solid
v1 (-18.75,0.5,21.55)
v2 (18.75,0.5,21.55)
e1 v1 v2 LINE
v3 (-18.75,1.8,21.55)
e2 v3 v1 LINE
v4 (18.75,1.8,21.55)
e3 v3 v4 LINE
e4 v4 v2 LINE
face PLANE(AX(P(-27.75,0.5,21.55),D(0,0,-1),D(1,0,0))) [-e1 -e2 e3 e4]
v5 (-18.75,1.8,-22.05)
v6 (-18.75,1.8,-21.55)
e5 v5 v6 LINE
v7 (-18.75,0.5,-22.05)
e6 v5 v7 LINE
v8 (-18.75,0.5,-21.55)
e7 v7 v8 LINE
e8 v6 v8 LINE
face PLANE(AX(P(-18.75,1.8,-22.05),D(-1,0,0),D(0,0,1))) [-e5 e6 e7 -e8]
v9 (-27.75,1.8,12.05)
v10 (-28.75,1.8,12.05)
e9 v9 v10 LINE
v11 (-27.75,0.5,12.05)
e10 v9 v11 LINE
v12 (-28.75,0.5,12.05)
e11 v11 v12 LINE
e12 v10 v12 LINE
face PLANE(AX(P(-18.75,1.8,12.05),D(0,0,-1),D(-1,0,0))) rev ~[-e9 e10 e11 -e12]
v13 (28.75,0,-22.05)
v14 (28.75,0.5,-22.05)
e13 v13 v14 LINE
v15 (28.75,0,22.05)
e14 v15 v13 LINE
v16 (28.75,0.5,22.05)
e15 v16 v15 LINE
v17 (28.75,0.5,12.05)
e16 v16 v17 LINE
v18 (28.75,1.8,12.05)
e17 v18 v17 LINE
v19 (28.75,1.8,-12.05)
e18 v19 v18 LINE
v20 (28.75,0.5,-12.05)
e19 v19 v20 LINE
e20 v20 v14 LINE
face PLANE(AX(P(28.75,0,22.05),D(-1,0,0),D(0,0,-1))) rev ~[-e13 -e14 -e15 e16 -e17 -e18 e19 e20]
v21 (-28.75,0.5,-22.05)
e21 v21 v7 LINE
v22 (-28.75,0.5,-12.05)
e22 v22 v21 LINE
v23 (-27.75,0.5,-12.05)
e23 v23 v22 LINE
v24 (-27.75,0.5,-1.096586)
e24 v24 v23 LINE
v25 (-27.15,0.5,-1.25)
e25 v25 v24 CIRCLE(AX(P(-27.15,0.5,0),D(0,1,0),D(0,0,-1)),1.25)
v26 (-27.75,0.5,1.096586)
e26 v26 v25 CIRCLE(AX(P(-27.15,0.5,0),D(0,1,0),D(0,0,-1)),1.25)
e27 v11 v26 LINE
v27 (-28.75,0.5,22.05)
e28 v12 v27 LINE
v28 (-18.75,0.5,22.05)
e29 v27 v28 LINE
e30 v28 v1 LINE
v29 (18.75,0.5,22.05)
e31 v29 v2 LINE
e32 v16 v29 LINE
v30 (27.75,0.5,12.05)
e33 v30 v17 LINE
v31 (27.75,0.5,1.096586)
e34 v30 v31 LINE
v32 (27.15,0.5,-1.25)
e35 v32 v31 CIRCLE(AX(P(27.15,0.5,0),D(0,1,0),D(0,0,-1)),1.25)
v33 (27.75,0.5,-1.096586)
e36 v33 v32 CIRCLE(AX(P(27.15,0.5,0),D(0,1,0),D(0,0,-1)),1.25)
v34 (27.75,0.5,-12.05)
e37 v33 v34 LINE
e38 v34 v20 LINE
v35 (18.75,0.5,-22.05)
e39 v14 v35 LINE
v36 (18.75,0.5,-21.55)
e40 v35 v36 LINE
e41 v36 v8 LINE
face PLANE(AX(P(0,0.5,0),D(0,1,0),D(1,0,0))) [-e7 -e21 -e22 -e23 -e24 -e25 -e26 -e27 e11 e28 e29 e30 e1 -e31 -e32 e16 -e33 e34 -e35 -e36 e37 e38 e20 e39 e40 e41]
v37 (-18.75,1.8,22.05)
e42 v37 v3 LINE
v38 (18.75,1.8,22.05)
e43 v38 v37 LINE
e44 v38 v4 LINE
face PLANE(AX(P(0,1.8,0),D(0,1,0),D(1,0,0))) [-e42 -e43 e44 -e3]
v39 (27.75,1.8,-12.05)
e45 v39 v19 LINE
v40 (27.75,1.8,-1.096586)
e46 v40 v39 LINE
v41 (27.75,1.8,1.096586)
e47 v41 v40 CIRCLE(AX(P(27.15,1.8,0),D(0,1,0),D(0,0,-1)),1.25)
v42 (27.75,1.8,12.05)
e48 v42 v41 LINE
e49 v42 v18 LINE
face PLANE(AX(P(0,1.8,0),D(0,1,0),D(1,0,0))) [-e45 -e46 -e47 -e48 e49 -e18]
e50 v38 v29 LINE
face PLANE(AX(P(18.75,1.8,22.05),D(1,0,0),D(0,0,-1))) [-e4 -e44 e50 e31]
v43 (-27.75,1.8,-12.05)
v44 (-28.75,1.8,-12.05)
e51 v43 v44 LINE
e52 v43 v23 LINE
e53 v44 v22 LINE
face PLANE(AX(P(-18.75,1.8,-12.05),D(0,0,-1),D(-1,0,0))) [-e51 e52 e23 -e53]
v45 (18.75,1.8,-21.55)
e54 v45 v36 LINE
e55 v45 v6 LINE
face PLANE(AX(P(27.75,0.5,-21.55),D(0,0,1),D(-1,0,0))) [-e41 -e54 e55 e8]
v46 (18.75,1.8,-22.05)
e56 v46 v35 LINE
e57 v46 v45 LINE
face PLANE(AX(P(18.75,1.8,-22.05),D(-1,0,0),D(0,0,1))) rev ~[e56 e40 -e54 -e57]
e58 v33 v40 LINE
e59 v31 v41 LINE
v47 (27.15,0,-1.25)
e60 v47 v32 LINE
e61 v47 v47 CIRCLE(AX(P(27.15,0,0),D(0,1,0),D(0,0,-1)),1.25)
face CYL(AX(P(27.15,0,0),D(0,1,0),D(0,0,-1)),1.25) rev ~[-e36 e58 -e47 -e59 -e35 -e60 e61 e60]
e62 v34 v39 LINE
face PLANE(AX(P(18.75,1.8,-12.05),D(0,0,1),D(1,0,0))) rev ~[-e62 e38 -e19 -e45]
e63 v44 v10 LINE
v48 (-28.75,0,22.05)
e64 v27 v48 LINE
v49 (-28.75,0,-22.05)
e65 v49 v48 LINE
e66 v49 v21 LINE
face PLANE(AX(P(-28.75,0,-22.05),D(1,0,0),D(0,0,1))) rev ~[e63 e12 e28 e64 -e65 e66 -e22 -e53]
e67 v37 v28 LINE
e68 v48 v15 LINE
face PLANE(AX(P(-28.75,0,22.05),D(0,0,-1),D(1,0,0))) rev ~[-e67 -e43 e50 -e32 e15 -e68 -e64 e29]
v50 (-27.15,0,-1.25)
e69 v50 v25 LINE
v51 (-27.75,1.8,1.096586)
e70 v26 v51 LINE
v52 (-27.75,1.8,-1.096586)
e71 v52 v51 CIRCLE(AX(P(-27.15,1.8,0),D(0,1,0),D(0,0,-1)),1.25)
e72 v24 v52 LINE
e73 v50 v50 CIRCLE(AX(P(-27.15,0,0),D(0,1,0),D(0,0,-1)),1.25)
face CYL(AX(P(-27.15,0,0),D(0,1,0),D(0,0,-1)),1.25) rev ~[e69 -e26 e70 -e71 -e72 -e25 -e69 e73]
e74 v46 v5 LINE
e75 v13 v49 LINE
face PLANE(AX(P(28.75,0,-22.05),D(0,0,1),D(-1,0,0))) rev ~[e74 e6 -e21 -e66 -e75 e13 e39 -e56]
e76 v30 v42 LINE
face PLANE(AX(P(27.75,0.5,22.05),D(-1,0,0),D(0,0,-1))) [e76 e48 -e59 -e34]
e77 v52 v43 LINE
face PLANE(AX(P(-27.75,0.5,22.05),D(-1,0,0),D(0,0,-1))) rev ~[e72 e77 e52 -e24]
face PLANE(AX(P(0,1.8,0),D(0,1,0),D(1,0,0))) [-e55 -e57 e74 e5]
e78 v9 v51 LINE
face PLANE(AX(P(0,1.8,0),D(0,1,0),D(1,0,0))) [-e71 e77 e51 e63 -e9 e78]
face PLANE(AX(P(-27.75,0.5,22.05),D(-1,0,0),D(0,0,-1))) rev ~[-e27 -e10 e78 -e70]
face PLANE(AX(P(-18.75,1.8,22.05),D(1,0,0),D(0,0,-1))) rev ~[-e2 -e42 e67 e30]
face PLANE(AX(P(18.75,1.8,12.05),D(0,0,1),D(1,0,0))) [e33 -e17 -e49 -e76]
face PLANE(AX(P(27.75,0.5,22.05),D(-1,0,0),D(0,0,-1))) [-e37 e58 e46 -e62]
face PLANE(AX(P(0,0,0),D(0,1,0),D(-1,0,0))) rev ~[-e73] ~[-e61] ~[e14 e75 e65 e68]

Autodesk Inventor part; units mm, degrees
ref_plane "YZ Plane" through (0, 0, 0) normal (1, 0, 0) x (0, 1, 0)
ref_plane "XZ Plane" through (0, 0, 0) normal (0, 1, 0) x (-1, 0, 0)
ref_plane "XY Plane" through (0, 0, 0) normal (0, 0, 1) x (1, 0, 0)
sketch "Sketch1" plane through (0, 0, 0) normal (0, 1, 0) x (-1, 0, 0)
  line L0 (-28.75, -22.05) -> (28.75, -22.05)
  line L1 (28.75, -22.05) -> (28.75, 22.05)
  line L2 (28.75, 22.05) -> (-28.75, 22.05)
  line L3 (-28.75, 22.05) -> (-28.75, -22.05)
  line L4 (-28.75, -22.05) -> (28.75, 22.05) construction
  line L5 (28.75, -22.05) -> (-28.75, 22.05) construction
  point P0 (0, 0)
  dimension "d2" = 44.1
  dimension "d3" = 57.5
extrude "Extrusion1" add sketch "Sketch1" along normal blind 0.5
sketch "Sketch2" plane through (0, 0.5, 0) normal (0, 1, 0) x (1, 0, 0)
  line L0 (-28.75, 22.05) -> (-28.75, -22.05) projected
  line L1 (28.75, 22.05) -> (-28.75, 22.05) projected
  line L2 (-28.75, -22.05) -> (-27.75, -22.05)
  line L3 (-27.75, -22.05) -> (-27.75, 22.05)
  line L4 (-27.75, 22.05) -> (-28.75, 22.05)
  line L5 (-28.75, 22.05) -> (-28.75, -22.05)
  line L6 (28.75, -22.05) -> (27.75, -22.05)
  line L7 (27.75, -22.05) -> (27.75, 22.05)
  line L8 (27.75, 22.05) -> (28.75, 22.05)
  line L9 (28.75, 22.05) -> (28.75, -22.05)
  point P0 (0, 0)
  dimension "d4" = 1
  dimension "d5" = 1
extrude "Extrusion2" add sketch "Sketch2" along normal blind 1.3
sketch "Sketch3" plane through (0, 0, 0) normal (0, -1, 0) x (1, 0, 0)
  line L0 (28.75, 22.05) -> (28.75, -22.05) projected
  line L1 (-28.75, -22.05) -> (-28.75, 22.05) projected
  point P0 (0, 0)
  point P1 (-27.15, 0)
  point P2 (27.15, 0)
  dimension "d8" = 1.6
  dimension "d9" = 1.6
hole "Hole1" at (-27.15, 0, 0) at (27.15, 0, 0) direction (0, 1, 0) diameter 2.5 depth 6.3 tip angle 118
sketch "Sketch4" plane through (0, 0.5, 0) normal (0, 1, 0) x (1, 0, 0)
  line L0 (27.75, -22.05) -> (28.75, -22.05) projected
  line L1 (-27.75, -1.0966) -> (-27.75, -22.05) projected
  line L2 (27.75, -22.05) -> (-27.75, -22.05)
  line L3 (-27.75, -22.05) -> (-27.75, -21.55)
  line L4 (-27.75, -21.55) -> (27.75, -21.55)
  line L5 (27.75, -21.55) -> (27.75, -22.05)
  line L6 (-27.75, 22.05) -> (27.75, 22.05)
  line L7 (27.75, 22.05) -> (27.75, 21.55)
  line L8 (27.75, 21.55) -> (-27.75, 21.55)
  line L9 (-27.75, 21.55) -> (-27.75, 22.05)
  point P0 (0, 0)
  dimension "d17" = 0.5
  dimension "d18" = 0.5
extrude "Extrusion3" add sketch "Sketch4" along normal blind 1.3
sketch "Sketch5" plane through (0, 1.8, 0) normal (0, 1, 0) x (1, 0, 0)
  line L0 (28.75, -22.05) -> (28.75, 22.05) projected
  line L1 (28.75, -22.05) -> (18.75, -22.05)
  line L2 (18.75, -22.05) -> (18.75, -12.05)
  line L3 (18.75, -12.05) -> (28.75, -12.05)
  line L4 (28.75, -12.05) -> (28.75, -22.05)
  line L5 (28.75, 22.05) -> (18.75, 22.05)
  line L6 (18.75, 22.05) -> (18.75, 12.05)
  line L7 (18.75, 12.05) -> (28.75, 12.05)
  line L8 (28.75, 12.05) -> (28.75, 22.05)
  line L9 (-28.75, 22.05) -> (-18.75, 22.05)
  line L10 (-18.75, 22.05) -> (-18.75, 12.05)
  line L11 (-18.75, 12.05) -> (-28.75, 12.05)
  line L12 (-28.75, 12.05) -> (-28.75, 22.05)
  line L13 (-28.75, -22.05) -> (-18.75, -22.05)
  line L14 (-18.75, -22.05) -> (-18.75, -12.05)
  line L15 (-18.75, -12.05) -> (-28.75, -12.05)
  line L16 (-28.75, -12.05) -> (-28.75, -22.05)
  point P0 (0, 0)
  dimension "d21" = 10
  dimension "d22" = 10
  dimension "d23" = 10
  dimension "d24" = 10
  dimension "d25" = 10
  dimension "d26" = 10
  dimension "d27" = 10
  dimension "d28" = 10
extrude "Extrusion4" cut sketch "Sketch5" against normal up to surface (1.3 mm away)
equation "\"d5\" = d4"
equation "\"d18\" = d17"
equation "\"d23\" = d21"
equation "\"d24\" = d21"
equation "\"d25\" = d21"
equation "\"d26\" = d22"
equation "\"d27\" = d22"
equation "\"d28\" = d22"
properties part number "Digital Module Cover V2 - Slim"
